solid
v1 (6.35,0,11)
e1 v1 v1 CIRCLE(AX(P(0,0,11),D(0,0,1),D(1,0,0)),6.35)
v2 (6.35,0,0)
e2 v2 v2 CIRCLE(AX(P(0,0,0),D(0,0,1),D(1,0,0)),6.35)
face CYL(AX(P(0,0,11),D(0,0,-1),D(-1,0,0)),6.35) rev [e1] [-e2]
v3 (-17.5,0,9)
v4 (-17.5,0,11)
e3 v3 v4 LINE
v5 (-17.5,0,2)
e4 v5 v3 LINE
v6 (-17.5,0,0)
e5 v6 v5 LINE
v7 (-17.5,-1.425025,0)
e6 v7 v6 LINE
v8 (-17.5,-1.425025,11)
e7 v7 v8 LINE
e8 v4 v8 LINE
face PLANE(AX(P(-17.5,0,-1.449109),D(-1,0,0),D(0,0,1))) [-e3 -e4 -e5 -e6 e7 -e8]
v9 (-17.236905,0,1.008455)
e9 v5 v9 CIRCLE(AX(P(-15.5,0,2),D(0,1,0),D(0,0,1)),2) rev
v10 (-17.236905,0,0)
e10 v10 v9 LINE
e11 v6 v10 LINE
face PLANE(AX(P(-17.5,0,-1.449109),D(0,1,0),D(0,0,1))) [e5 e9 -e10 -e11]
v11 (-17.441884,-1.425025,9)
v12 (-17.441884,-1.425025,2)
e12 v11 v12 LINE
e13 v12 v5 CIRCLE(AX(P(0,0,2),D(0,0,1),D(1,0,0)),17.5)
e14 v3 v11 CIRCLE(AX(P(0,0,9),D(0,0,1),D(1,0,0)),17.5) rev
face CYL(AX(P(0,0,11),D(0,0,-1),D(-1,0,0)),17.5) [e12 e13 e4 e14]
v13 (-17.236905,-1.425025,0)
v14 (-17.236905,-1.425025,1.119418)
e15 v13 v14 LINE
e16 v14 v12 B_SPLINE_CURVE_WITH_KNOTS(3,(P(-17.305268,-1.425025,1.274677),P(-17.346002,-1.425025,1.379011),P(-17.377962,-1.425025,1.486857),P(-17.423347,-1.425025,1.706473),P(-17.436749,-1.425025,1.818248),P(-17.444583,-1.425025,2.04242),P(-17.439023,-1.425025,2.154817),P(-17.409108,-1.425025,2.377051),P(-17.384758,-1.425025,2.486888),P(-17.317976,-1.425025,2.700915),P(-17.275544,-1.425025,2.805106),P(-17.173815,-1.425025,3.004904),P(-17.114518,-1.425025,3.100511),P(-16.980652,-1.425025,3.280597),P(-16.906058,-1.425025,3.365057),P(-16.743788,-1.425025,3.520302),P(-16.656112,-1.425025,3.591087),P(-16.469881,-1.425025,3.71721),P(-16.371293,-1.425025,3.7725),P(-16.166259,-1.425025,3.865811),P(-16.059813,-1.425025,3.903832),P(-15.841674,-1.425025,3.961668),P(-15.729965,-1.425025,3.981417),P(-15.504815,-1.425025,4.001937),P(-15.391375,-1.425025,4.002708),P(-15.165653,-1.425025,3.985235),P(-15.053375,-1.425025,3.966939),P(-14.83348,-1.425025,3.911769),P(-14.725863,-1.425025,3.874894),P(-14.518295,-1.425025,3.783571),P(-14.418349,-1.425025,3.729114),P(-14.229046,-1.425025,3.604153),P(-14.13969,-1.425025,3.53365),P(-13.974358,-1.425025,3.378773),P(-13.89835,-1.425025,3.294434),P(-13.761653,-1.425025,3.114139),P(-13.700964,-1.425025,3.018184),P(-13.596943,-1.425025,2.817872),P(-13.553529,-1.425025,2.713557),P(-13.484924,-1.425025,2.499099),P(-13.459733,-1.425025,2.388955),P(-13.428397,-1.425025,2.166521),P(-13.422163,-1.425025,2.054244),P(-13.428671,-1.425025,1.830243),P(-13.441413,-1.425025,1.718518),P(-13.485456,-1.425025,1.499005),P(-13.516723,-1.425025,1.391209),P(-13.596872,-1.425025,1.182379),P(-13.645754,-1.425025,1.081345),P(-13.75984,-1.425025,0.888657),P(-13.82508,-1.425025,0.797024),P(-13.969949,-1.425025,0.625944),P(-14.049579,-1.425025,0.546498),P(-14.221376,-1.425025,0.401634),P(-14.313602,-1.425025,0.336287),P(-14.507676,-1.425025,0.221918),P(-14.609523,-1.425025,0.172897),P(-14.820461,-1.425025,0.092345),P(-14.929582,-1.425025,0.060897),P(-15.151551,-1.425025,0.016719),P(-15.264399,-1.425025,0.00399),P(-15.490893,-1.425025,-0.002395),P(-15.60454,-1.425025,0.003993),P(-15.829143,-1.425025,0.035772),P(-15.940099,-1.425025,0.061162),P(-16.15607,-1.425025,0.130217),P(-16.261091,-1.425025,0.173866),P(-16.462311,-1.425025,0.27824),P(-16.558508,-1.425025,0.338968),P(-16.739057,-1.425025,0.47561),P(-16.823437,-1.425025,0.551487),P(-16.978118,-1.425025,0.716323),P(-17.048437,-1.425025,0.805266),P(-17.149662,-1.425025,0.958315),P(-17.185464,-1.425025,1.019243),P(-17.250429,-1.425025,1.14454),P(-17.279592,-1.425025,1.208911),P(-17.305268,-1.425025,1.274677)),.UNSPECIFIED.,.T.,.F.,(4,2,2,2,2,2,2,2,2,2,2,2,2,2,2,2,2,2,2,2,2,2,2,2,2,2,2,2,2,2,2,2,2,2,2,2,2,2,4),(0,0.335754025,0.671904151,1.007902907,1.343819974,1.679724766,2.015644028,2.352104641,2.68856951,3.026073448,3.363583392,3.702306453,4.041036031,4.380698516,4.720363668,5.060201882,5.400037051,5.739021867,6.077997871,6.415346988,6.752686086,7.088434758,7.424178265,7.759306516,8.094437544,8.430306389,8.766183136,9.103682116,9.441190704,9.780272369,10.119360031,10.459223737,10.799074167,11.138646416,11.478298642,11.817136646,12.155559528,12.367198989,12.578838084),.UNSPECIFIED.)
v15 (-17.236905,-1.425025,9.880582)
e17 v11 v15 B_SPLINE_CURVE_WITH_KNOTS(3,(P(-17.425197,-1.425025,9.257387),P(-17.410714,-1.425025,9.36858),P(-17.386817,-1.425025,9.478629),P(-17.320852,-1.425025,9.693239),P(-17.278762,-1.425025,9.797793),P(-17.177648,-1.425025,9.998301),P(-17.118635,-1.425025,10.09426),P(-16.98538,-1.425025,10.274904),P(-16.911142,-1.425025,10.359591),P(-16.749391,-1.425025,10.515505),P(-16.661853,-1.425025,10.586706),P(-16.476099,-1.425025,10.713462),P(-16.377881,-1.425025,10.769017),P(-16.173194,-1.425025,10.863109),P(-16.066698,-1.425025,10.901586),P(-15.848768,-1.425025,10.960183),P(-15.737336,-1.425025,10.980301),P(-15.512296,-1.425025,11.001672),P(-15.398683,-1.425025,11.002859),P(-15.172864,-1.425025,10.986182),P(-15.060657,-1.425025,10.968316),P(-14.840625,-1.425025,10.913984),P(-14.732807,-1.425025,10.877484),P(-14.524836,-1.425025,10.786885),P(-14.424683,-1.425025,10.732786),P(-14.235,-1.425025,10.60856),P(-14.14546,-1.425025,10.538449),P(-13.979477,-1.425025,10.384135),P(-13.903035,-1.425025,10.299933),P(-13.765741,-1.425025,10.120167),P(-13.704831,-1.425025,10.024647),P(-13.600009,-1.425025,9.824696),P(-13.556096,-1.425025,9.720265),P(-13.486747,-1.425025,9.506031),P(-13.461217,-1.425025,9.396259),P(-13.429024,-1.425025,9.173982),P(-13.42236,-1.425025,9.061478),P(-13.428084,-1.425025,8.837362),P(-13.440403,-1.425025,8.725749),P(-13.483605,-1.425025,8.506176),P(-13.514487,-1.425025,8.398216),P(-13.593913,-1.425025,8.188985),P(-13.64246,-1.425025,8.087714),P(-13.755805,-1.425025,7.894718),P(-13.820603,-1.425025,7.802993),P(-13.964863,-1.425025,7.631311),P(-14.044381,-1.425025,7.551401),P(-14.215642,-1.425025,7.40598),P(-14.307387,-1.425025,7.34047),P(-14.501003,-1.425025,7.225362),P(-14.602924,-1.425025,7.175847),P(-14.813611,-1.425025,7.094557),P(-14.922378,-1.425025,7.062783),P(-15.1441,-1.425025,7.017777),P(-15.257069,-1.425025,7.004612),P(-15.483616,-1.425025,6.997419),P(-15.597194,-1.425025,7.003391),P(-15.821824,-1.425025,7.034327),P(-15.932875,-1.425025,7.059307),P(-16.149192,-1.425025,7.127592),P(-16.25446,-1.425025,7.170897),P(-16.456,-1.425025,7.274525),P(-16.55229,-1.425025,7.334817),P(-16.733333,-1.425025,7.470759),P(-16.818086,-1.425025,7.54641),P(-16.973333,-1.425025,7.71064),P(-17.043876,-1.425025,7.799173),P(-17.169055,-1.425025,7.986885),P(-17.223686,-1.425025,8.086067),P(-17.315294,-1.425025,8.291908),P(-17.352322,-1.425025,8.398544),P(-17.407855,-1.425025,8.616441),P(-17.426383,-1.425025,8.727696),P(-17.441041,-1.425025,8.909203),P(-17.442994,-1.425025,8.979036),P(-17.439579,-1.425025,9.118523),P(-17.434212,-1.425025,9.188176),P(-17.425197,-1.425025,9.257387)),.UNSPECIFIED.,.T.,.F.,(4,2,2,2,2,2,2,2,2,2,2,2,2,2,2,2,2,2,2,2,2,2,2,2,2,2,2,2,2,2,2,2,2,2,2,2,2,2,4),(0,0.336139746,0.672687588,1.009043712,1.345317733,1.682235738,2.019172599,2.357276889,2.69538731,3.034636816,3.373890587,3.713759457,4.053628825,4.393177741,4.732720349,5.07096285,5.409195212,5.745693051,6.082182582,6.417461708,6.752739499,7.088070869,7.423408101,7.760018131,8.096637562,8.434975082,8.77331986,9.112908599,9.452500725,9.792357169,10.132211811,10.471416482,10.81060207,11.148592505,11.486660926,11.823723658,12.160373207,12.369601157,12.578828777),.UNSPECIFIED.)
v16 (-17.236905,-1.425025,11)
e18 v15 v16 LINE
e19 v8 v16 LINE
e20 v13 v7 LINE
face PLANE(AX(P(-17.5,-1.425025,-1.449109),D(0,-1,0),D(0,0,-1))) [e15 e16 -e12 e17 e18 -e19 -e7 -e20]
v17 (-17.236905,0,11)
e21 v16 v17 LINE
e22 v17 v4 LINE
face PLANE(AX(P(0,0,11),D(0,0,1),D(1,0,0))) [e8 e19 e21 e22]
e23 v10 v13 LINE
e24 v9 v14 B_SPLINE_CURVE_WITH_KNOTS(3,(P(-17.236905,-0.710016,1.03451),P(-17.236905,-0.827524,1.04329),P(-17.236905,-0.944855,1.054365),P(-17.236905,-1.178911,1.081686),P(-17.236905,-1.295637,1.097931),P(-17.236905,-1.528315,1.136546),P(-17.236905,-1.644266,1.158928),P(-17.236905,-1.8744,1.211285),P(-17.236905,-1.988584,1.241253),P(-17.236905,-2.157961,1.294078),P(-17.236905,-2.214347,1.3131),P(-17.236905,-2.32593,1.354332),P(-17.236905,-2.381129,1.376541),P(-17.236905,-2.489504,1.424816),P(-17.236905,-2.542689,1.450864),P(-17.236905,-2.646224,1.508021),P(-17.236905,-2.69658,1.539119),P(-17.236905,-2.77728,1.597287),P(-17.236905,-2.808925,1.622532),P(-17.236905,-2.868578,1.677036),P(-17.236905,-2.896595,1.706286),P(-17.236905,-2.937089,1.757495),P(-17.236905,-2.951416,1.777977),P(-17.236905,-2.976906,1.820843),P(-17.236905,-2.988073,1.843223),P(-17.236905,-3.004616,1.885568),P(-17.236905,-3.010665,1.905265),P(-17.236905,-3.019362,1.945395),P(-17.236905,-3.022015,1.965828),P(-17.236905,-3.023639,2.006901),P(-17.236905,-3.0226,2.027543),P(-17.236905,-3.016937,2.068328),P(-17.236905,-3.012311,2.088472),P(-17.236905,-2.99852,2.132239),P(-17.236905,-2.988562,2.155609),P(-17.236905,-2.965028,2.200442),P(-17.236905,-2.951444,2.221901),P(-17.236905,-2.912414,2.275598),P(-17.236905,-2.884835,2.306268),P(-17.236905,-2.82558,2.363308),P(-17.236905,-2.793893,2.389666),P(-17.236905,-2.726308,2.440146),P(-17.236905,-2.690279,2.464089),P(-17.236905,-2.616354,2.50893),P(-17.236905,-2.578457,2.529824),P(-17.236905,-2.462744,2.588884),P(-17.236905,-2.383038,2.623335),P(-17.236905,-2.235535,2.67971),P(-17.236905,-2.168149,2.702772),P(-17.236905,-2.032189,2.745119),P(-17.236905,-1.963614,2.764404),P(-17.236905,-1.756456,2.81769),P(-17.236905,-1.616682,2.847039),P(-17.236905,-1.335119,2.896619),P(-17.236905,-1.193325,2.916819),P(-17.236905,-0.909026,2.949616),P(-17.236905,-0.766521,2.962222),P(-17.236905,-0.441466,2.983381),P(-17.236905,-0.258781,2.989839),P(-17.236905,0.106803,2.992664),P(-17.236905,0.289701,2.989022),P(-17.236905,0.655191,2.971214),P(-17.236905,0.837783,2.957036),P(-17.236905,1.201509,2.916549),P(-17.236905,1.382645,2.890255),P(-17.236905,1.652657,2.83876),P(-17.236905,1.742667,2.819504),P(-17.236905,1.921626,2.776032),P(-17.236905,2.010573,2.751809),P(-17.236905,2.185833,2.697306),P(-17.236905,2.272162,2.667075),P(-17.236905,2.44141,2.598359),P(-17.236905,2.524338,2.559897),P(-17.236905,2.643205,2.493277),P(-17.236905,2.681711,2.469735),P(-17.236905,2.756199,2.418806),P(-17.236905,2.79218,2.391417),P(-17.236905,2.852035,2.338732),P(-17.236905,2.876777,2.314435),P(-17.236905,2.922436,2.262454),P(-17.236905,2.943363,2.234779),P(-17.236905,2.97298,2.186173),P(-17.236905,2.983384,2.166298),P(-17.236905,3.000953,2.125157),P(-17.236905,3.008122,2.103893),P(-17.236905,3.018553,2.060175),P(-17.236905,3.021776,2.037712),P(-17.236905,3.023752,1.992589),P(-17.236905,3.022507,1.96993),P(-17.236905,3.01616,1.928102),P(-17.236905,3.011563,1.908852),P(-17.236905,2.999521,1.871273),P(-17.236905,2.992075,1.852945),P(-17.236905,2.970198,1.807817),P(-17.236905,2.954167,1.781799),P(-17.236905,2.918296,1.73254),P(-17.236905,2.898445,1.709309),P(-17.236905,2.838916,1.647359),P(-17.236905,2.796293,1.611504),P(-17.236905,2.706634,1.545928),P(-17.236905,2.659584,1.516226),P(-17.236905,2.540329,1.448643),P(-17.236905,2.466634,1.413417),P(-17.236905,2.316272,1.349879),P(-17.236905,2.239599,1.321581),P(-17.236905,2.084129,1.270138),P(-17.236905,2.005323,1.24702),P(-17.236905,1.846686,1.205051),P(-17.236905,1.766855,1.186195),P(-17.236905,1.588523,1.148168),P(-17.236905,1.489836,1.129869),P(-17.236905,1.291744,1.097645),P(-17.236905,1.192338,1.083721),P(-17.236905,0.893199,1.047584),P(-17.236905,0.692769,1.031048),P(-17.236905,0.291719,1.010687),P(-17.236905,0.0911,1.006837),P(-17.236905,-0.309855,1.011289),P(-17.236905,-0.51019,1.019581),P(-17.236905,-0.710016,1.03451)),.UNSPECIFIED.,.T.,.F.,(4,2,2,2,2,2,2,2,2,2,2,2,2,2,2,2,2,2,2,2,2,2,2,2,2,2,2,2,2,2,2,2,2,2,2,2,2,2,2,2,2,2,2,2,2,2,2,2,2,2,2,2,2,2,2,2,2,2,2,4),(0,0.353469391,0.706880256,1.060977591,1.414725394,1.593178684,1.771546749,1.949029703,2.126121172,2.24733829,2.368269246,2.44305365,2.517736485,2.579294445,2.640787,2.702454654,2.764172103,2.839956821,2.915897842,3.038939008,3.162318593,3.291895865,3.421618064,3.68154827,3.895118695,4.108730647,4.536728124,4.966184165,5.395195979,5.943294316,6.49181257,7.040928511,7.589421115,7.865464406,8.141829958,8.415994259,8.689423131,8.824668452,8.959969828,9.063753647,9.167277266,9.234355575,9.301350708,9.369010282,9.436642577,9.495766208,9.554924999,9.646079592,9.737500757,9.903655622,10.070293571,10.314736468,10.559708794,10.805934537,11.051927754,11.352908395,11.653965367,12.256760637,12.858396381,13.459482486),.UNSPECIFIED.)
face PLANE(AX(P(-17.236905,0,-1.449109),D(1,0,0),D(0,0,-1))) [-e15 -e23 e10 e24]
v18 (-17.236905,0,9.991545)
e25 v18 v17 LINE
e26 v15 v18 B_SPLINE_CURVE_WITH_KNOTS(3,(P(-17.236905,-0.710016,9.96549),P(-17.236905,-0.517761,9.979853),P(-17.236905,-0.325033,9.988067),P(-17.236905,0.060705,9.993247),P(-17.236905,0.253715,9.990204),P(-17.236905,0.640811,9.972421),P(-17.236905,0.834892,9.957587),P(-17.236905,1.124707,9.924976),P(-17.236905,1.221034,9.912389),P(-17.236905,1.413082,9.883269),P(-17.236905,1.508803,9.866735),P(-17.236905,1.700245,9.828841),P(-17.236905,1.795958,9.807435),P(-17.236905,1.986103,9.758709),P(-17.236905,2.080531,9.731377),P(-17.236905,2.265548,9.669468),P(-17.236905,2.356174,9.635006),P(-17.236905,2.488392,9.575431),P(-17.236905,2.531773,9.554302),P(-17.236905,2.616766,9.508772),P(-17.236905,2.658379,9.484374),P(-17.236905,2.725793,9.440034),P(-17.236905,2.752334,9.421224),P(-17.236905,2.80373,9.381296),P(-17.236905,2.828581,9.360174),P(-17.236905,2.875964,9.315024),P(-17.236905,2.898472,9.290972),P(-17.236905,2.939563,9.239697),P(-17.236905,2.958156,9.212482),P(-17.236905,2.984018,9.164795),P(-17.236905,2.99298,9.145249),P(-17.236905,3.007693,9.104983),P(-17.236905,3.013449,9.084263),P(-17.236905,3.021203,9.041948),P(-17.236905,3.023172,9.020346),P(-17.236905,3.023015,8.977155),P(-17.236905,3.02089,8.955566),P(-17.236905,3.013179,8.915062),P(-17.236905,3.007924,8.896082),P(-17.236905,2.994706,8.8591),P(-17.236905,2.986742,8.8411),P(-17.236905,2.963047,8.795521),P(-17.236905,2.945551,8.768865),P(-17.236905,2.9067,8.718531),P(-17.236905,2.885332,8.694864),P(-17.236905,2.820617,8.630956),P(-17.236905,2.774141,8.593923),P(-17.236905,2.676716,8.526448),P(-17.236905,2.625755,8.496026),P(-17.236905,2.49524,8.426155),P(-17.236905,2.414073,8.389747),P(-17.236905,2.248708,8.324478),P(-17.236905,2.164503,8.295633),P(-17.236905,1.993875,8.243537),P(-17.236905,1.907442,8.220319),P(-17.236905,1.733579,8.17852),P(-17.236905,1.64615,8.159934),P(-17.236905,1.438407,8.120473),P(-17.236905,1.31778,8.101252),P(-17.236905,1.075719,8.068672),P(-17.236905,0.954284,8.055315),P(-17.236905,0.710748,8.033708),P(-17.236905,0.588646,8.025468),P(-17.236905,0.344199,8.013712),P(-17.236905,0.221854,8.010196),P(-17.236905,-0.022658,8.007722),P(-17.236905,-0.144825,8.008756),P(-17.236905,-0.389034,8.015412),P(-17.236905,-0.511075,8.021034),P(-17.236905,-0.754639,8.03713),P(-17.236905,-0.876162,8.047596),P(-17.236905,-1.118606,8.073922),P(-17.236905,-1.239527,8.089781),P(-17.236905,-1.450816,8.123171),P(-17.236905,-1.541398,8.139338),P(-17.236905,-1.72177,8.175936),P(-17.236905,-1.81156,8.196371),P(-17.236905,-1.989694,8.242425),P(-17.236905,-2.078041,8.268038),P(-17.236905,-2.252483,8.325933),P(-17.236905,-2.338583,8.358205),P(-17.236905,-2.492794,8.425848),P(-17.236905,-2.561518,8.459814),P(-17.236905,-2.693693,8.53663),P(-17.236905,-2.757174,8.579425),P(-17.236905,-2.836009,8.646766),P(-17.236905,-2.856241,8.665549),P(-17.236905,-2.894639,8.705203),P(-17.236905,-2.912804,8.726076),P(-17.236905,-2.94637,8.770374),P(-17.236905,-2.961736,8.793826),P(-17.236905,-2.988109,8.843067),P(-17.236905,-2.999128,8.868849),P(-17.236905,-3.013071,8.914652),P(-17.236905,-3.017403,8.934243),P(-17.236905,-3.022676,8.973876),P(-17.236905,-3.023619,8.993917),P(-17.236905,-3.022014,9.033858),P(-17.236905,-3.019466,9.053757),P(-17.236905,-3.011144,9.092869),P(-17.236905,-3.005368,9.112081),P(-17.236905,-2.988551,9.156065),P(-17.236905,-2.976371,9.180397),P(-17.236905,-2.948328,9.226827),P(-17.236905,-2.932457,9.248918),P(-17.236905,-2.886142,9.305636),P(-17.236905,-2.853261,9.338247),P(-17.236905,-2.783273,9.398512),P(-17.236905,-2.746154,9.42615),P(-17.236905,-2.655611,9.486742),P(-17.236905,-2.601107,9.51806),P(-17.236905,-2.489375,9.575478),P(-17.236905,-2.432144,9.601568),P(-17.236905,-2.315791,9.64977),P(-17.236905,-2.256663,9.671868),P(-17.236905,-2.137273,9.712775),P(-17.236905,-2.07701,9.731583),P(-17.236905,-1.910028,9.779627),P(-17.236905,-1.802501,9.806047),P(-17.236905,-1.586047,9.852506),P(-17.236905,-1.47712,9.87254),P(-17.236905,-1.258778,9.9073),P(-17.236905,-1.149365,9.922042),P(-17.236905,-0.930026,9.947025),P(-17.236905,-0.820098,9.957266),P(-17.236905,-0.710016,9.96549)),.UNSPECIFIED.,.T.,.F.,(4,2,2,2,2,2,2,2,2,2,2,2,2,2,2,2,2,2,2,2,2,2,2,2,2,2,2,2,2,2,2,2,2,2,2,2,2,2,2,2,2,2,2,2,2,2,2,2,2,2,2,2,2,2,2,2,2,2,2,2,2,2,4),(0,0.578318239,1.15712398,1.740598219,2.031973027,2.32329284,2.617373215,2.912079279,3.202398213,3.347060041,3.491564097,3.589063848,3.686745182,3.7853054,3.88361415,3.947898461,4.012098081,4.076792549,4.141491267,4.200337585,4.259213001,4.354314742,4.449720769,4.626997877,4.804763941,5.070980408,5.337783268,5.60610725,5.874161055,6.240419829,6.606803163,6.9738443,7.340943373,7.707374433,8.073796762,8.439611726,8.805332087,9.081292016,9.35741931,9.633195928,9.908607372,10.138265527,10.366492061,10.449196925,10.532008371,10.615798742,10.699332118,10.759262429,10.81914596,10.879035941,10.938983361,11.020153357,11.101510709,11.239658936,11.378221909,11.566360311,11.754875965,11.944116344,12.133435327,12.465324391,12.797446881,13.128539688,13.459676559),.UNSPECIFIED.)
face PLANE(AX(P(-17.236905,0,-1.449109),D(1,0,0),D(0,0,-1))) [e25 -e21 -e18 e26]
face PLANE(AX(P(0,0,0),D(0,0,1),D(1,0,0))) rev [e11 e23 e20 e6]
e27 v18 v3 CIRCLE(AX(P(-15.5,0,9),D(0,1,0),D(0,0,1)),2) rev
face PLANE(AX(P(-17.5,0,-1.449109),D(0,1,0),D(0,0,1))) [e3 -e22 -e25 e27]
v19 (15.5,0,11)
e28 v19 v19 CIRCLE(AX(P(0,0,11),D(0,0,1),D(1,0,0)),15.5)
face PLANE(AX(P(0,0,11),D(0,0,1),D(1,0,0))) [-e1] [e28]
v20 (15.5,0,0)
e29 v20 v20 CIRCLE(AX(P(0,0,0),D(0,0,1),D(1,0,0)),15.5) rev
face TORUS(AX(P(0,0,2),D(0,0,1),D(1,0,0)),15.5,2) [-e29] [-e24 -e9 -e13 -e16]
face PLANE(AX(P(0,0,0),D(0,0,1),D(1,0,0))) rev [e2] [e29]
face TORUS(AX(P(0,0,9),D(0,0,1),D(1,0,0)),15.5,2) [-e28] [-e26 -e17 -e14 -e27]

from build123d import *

# Parameters (mm, degrees)
CROQUIS1_R              = 17.5
CROQUIS1_R_2            = 6.35
SALIENTE_EXTRUIR1_DEPTH = 11
REDONDEO1_R             = 2
SALIENTE_EXTRUIR2_REACH = 29.083
CROQUIS2_W              = 0.263095083
CROQUIS2_H              = 1.425025485


with BuildPart() as part:
    # Croquis1 → Saliente-Extruir1 (new body)
    with BuildSketch(Plane.XY):
        Circle(CROQUIS1_R)
        Circle(CROQUIS1_R_2, mode=Mode.SUBTRACT)
    extrude(amount=SALIENTE_EXTRUIR1_DEPTH)

    # Redondeo1
    redondeo1_edges = [part.edges().sort_by_distance(p)[0] for p in [
        (-17.5, 0, 0),
        (-17.5, 0, 11),
    ]]
    fillet(redondeo1_edges, radius=REDONDEO1_R)

    # Saliente-Extruir2: up to this face of the body (flat: up to its plane)
    saliente_extruir2_end = Plane(part.part.faces().sort_by_distance((-15.061593796, 0, 0))[0])
    # Croquis2 → Saliente-Extruir2 (add, up to the picked face)
    with BuildSketch(Plane.XY.offset(11), mode=Mode.PRIVATE) as saliente_extruir2_sk1:
        with Locations((-17.368452459, -0.712512743)):
            Rectangle(CROQUIS2_W, CROQUIS2_H)
    saliente_extruir2_tool1 = split(extrude(saliente_extruir2_sk1.sketch, amount=-SALIENTE_EXTRUIR2_REACH, mode=Mode.PRIVATE), bisect_by=saliente_extruir2_end, keep=Keep.BOTH, mode=Mode.PRIVATE)
    add(saliente_extruir2_tool1.solids().sort_by(Axis((-17.368452, -0.712513, 11), (0, 0, -1)))[0])


solid = part.part
